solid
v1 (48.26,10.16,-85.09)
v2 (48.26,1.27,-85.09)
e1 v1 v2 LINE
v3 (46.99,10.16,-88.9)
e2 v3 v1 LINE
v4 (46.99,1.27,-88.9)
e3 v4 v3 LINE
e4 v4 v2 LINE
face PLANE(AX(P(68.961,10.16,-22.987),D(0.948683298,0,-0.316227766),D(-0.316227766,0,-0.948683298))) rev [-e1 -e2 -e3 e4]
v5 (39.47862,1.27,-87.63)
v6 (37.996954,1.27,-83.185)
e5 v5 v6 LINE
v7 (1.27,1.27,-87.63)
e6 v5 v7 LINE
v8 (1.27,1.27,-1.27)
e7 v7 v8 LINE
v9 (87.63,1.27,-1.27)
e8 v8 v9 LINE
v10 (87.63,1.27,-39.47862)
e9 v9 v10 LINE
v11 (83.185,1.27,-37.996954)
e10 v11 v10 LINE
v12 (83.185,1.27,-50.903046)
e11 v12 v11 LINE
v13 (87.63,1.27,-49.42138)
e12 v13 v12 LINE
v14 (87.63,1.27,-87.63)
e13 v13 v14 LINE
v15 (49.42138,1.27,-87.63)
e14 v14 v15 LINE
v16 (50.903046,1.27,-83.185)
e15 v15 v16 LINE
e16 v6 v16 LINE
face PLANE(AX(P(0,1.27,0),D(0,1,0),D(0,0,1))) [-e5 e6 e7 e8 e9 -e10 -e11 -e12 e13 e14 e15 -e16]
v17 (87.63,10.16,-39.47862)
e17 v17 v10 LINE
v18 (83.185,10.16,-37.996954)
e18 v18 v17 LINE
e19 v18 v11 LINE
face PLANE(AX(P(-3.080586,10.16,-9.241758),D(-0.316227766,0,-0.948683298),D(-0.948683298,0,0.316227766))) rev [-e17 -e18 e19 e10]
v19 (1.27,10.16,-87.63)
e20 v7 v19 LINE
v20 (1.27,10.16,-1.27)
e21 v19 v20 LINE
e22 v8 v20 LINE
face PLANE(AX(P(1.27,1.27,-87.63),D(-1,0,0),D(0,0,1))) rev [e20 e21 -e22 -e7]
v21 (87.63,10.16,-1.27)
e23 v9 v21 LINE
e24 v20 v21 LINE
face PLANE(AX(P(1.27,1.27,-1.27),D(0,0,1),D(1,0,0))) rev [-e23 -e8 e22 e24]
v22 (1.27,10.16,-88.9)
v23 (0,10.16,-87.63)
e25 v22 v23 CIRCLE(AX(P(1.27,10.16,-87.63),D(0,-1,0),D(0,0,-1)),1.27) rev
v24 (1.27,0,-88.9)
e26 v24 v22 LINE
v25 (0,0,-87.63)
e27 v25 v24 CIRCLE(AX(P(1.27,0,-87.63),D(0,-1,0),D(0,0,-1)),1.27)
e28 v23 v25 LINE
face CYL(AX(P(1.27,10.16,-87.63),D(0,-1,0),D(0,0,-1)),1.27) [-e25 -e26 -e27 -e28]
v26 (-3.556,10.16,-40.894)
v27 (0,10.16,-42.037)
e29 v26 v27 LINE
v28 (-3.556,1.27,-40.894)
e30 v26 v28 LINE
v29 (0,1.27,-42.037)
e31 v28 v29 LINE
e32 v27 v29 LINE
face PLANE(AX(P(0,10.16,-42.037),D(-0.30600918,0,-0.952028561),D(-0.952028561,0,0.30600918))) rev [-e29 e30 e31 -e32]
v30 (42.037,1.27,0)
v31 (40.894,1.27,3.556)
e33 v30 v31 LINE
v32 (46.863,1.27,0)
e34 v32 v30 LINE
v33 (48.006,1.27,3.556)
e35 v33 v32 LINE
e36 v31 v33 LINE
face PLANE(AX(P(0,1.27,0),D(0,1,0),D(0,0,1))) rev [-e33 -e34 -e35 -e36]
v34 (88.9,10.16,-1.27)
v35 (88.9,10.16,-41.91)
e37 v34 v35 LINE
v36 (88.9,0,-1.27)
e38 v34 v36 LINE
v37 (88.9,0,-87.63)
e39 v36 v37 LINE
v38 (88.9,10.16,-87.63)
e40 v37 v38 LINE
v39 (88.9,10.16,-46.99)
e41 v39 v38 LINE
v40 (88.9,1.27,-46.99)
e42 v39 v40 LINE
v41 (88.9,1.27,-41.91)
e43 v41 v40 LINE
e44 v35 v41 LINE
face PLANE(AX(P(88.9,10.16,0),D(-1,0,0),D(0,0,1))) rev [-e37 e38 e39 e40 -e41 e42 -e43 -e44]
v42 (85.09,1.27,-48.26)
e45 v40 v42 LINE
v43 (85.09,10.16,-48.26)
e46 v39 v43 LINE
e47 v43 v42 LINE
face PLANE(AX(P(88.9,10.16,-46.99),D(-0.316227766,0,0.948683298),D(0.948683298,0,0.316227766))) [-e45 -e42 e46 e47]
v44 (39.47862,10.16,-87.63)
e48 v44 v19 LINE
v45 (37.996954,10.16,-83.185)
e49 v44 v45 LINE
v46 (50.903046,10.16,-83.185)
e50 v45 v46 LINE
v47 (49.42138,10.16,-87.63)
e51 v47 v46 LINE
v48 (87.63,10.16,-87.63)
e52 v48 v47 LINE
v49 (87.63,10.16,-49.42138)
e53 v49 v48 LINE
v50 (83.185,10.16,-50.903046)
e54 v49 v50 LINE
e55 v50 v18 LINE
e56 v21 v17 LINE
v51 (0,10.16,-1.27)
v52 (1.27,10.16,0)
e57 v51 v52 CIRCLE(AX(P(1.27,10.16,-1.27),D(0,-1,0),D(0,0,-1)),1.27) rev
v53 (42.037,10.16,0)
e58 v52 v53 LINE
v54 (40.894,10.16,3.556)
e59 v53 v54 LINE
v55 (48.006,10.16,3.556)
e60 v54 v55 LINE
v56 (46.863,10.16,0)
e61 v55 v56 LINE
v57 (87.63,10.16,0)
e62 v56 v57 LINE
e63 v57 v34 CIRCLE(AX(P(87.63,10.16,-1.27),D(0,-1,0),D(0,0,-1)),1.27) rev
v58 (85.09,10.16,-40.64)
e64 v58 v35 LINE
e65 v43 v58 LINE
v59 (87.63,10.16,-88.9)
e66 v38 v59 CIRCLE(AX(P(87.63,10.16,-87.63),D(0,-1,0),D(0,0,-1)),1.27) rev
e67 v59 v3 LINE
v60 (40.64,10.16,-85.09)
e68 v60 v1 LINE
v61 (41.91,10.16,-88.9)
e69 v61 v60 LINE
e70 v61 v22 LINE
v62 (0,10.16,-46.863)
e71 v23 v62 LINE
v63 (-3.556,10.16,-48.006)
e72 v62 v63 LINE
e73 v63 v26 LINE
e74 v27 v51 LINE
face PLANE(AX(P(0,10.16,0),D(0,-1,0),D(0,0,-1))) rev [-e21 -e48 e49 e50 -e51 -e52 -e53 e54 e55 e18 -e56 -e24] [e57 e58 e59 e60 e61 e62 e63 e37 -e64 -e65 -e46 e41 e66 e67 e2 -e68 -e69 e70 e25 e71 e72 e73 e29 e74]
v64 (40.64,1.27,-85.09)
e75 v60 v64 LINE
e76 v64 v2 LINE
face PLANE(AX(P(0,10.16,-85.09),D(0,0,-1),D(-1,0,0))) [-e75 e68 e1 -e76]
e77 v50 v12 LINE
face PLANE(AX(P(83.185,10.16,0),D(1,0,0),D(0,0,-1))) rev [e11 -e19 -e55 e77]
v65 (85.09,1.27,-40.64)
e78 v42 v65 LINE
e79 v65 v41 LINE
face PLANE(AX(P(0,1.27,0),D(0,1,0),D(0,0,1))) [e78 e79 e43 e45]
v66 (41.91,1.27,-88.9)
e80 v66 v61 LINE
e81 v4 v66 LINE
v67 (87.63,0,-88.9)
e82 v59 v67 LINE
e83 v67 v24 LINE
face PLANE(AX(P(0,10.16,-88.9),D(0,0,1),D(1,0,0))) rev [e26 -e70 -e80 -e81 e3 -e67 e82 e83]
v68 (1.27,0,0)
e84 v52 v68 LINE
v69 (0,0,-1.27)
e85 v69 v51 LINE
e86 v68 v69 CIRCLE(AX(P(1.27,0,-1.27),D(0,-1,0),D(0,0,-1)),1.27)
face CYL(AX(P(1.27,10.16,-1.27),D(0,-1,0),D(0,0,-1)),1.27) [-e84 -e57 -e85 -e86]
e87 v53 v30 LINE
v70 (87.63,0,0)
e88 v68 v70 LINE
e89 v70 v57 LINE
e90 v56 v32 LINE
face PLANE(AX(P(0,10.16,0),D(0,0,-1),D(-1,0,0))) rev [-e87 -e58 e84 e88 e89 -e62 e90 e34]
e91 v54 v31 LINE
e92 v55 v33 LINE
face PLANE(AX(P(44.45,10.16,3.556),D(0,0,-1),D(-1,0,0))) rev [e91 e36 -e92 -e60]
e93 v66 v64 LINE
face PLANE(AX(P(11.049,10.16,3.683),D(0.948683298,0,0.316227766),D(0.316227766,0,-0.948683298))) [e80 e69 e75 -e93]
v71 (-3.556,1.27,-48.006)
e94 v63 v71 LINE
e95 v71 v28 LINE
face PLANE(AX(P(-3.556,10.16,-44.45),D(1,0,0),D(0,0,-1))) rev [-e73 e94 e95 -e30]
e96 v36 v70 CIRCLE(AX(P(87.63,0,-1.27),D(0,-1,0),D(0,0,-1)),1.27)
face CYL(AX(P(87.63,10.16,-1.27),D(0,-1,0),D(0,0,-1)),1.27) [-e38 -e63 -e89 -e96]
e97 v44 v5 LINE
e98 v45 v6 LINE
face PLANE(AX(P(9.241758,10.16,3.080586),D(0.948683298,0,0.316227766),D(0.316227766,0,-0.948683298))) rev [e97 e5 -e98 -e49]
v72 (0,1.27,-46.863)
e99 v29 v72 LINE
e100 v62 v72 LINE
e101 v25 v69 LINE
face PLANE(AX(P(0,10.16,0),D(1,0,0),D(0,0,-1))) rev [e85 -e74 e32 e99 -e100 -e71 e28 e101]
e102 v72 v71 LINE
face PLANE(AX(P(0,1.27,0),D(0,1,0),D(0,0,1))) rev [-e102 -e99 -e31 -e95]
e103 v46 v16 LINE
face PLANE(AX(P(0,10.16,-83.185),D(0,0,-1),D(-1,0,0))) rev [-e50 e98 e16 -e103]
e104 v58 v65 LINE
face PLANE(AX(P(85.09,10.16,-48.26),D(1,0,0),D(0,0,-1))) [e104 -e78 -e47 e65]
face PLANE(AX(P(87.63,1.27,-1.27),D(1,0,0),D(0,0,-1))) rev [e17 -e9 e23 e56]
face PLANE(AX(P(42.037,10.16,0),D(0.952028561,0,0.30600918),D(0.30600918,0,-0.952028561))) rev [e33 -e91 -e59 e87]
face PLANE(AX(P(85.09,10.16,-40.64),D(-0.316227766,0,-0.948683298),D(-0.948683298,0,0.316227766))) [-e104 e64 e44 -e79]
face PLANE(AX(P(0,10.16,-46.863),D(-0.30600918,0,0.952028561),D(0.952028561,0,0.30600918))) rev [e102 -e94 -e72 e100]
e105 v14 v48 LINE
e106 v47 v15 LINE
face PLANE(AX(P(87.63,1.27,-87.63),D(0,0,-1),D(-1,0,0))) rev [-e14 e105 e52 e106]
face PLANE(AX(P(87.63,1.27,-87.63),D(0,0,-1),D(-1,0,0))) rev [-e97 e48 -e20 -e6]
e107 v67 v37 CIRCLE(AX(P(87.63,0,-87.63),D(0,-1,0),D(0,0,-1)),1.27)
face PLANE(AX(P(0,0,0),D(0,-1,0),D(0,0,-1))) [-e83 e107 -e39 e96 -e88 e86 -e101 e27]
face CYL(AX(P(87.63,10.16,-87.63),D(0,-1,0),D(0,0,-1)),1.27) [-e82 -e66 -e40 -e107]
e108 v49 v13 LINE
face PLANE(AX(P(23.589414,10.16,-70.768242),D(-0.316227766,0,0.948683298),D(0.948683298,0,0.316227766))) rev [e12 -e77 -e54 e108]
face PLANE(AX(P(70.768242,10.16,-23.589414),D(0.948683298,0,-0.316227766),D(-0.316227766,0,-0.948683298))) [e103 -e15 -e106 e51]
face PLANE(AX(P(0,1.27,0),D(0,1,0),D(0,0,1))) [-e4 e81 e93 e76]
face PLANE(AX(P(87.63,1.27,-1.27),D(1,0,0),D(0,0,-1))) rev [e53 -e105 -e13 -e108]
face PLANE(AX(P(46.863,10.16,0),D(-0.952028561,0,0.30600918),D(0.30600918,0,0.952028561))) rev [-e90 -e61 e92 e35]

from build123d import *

# Parameters (mm, degrees)
SKETCH1_W               = 88.9
SKETCH1_H               = 88.9
BASE_DRAIN_TRAY_DEPTH   = 10.16
SKETCH2_W               = 86.36
SKETCH2_H               = 86.36
DRAIN_TRAY_CUTOUT_DEPTH = 8.89
SKETCH3_W               = 71.12
SKETCH3_H               = 71.12
BODY_DEPTH              = 50.8
SKETCH4_W               = 68.58
SKETCH4_H               = 68.58
BODY_CUTOUT_DEPTH       = 50.8
FILLET1_R               = 1.27
JOINING_SLOT_DEPTH      = 8.89
JOINING_CUTOUT_DEPTH    = 8.89
JOINING_SLOT_2_DEPTH    = 8.89
JOINING_CUTOUT_2_DEPTH  = 8.89
BOSS_EXTRUDE3_DEPTH     = 8.89
SKETCH14_W              = 71.12
SKETCH14_H              = 71.12
CUT_EXTRUDE2_DEPTH      = 50.8


with BuildPart() as part:
    # Sketch1 → Base/Drain Tray (new body)
    with BuildSketch(Plane(origin=(0, 0, 0), x_dir=(1, 0, 0), z_dir=(0, 1, 0))):
        with Locations((44.45, 44.45)):
            Rectangle(SKETCH1_W, SKETCH1_H)
    extrude(amount=BASE_DRAIN_TRAY_DEPTH)

    # Sketch2 → Drain Tray Cutout (cut)
    with BuildSketch(Plane(origin=(0, 10.16, 0), x_dir=(1, 0, 0), z_dir=(0, 1, 0))):
        with Locations((44.45, 44.45)):
            Rectangle(SKETCH2_W, SKETCH2_H)
    extrude(amount=-DRAIN_TRAY_CUTOUT_DEPTH, mode=Mode.SUBTRACT)

    # Sketch3 → Body (add)
    with BuildSketch(Plane(origin=(0, 1.27, 0), x_dir=(1, 0, 0), z_dir=(0, 1, 0))):
        with Locations((44.45, 44.45)):
            Rectangle(SKETCH3_W, SKETCH3_H)
    extrude(amount=BODY_DEPTH)

    # Sketch4 → Body Cutout (cut)
    with BuildSketch(Plane(origin=(0, 52.07, 0), x_dir=(1, 0, 0), z_dir=(0, 1, 0))):
        with Locations((44.45, 44.45)):
            Rectangle(SKETCH4_W, SKETCH4_H)
    extrude(amount=-BODY_CUTOUT_DEPTH, mode=Mode.SUBTRACT)

    # Fillet1
    fillet1_edges = [part.edges().sort_by_distance(p)[0] for p in [
        (0, 5.08, -88.9),
        (88.9, 5.08, -88.9),
        (88.9, 5.08, 0),
        (0, 5.08, 0),
    ]]
    fillet(fillet1_edges, radius=FILLET1_R)

    # Sketch7 → Joining Slot (add)
    with BuildSketch(Plane(origin=(0, 1.27, 0), x_dir=(1, 0, 0), z_dir=(0, 1, 0))):
        Polygon((40.64, 85.09), (41.486666667, 87.63), (39.478620352, 87.63), (37.996953686, 83.185), (50.903046314, 83.185), (49.421379648, 87.63), (47.413333333, 87.63), (48.26, 85.09), align=None)
    extrude(amount=JOINING_SLOT_DEPTH)

    # Sketch8 → Joining Cutout (cut)
    with BuildSketch(Plane(origin=(0, 10.16, 0), x_dir=(1, 0, 0), z_dir=(0, 1, 0))):
        Polygon((40.64, 85.09), (41.486666667, 87.63), (41.91, 88.9), (46.99, 88.9), (47.413333333, 87.63), (48.26, 85.09), align=None)
    extrude(amount=-JOINING_CUTOUT_DEPTH, mode=Mode.SUBTRACT)

    # Sketch10 → Joining Slot 2 (add)
    with BuildSketch(Plane(origin=(0, 1.27, 0), x_dir=(1, 0, 0), z_dir=(0, 1, 0))):
        Polygon((87.63, 49.421379648), (87.63, 39.478620352), (83.185, 37.996953686), (83.185, 50.903046314), align=None)
    extrude(amount=JOINING_SLOT_2_DEPTH)

    # Sketch12 → Joining Cutout 2 (cut)
    with BuildSketch(Plane(origin=(0, 1.27, 0), x_dir=(1, 0, 0), z_dir=(0, 1, 0))):
        Polygon((88.9, 41.91), (88.9, 46.99), (85.09, 48.26), (85.09, 40.64), align=None)
    extrude(amount=JOINING_CUTOUT_2_DEPTH, mode=Mode.SUBTRACT)

    # Sketch13 → Boss-Extrude3 (add)
    with BuildSketch(Plane(origin=(0, 1.27, 0), x_dir=(1, 0, 0), z_dir=(0, 1, 0))):
        Polygon((42.037, 0), (46.863, 0), (48.006, -3.556), (44.45, -3.556), (40.894, -3.556), align=None)
        Polygon((0, 46.863), (0, 42.037), (-3.556, 40.894), (-3.556, 44.45), (-3.556, 48.006), align=None)
    extrude(amount=BOSS_EXTRUDE3_DEPTH)

    # Sketch14 → Cut-Extrude2 (cut)
    with BuildSketch(Plane(origin=(0, 52.07, 0), x_dir=(1, 0, 0), z_dir=(0, 1, 0))):
        with Locations((44.45, 44.45)):
            Rectangle(SKETCH14_W, SKETCH14_H)
    extrude(amount=-CUT_EXTRUDE2_DEPTH, mode=Mode.SUBTRACT)


solid = part.part
